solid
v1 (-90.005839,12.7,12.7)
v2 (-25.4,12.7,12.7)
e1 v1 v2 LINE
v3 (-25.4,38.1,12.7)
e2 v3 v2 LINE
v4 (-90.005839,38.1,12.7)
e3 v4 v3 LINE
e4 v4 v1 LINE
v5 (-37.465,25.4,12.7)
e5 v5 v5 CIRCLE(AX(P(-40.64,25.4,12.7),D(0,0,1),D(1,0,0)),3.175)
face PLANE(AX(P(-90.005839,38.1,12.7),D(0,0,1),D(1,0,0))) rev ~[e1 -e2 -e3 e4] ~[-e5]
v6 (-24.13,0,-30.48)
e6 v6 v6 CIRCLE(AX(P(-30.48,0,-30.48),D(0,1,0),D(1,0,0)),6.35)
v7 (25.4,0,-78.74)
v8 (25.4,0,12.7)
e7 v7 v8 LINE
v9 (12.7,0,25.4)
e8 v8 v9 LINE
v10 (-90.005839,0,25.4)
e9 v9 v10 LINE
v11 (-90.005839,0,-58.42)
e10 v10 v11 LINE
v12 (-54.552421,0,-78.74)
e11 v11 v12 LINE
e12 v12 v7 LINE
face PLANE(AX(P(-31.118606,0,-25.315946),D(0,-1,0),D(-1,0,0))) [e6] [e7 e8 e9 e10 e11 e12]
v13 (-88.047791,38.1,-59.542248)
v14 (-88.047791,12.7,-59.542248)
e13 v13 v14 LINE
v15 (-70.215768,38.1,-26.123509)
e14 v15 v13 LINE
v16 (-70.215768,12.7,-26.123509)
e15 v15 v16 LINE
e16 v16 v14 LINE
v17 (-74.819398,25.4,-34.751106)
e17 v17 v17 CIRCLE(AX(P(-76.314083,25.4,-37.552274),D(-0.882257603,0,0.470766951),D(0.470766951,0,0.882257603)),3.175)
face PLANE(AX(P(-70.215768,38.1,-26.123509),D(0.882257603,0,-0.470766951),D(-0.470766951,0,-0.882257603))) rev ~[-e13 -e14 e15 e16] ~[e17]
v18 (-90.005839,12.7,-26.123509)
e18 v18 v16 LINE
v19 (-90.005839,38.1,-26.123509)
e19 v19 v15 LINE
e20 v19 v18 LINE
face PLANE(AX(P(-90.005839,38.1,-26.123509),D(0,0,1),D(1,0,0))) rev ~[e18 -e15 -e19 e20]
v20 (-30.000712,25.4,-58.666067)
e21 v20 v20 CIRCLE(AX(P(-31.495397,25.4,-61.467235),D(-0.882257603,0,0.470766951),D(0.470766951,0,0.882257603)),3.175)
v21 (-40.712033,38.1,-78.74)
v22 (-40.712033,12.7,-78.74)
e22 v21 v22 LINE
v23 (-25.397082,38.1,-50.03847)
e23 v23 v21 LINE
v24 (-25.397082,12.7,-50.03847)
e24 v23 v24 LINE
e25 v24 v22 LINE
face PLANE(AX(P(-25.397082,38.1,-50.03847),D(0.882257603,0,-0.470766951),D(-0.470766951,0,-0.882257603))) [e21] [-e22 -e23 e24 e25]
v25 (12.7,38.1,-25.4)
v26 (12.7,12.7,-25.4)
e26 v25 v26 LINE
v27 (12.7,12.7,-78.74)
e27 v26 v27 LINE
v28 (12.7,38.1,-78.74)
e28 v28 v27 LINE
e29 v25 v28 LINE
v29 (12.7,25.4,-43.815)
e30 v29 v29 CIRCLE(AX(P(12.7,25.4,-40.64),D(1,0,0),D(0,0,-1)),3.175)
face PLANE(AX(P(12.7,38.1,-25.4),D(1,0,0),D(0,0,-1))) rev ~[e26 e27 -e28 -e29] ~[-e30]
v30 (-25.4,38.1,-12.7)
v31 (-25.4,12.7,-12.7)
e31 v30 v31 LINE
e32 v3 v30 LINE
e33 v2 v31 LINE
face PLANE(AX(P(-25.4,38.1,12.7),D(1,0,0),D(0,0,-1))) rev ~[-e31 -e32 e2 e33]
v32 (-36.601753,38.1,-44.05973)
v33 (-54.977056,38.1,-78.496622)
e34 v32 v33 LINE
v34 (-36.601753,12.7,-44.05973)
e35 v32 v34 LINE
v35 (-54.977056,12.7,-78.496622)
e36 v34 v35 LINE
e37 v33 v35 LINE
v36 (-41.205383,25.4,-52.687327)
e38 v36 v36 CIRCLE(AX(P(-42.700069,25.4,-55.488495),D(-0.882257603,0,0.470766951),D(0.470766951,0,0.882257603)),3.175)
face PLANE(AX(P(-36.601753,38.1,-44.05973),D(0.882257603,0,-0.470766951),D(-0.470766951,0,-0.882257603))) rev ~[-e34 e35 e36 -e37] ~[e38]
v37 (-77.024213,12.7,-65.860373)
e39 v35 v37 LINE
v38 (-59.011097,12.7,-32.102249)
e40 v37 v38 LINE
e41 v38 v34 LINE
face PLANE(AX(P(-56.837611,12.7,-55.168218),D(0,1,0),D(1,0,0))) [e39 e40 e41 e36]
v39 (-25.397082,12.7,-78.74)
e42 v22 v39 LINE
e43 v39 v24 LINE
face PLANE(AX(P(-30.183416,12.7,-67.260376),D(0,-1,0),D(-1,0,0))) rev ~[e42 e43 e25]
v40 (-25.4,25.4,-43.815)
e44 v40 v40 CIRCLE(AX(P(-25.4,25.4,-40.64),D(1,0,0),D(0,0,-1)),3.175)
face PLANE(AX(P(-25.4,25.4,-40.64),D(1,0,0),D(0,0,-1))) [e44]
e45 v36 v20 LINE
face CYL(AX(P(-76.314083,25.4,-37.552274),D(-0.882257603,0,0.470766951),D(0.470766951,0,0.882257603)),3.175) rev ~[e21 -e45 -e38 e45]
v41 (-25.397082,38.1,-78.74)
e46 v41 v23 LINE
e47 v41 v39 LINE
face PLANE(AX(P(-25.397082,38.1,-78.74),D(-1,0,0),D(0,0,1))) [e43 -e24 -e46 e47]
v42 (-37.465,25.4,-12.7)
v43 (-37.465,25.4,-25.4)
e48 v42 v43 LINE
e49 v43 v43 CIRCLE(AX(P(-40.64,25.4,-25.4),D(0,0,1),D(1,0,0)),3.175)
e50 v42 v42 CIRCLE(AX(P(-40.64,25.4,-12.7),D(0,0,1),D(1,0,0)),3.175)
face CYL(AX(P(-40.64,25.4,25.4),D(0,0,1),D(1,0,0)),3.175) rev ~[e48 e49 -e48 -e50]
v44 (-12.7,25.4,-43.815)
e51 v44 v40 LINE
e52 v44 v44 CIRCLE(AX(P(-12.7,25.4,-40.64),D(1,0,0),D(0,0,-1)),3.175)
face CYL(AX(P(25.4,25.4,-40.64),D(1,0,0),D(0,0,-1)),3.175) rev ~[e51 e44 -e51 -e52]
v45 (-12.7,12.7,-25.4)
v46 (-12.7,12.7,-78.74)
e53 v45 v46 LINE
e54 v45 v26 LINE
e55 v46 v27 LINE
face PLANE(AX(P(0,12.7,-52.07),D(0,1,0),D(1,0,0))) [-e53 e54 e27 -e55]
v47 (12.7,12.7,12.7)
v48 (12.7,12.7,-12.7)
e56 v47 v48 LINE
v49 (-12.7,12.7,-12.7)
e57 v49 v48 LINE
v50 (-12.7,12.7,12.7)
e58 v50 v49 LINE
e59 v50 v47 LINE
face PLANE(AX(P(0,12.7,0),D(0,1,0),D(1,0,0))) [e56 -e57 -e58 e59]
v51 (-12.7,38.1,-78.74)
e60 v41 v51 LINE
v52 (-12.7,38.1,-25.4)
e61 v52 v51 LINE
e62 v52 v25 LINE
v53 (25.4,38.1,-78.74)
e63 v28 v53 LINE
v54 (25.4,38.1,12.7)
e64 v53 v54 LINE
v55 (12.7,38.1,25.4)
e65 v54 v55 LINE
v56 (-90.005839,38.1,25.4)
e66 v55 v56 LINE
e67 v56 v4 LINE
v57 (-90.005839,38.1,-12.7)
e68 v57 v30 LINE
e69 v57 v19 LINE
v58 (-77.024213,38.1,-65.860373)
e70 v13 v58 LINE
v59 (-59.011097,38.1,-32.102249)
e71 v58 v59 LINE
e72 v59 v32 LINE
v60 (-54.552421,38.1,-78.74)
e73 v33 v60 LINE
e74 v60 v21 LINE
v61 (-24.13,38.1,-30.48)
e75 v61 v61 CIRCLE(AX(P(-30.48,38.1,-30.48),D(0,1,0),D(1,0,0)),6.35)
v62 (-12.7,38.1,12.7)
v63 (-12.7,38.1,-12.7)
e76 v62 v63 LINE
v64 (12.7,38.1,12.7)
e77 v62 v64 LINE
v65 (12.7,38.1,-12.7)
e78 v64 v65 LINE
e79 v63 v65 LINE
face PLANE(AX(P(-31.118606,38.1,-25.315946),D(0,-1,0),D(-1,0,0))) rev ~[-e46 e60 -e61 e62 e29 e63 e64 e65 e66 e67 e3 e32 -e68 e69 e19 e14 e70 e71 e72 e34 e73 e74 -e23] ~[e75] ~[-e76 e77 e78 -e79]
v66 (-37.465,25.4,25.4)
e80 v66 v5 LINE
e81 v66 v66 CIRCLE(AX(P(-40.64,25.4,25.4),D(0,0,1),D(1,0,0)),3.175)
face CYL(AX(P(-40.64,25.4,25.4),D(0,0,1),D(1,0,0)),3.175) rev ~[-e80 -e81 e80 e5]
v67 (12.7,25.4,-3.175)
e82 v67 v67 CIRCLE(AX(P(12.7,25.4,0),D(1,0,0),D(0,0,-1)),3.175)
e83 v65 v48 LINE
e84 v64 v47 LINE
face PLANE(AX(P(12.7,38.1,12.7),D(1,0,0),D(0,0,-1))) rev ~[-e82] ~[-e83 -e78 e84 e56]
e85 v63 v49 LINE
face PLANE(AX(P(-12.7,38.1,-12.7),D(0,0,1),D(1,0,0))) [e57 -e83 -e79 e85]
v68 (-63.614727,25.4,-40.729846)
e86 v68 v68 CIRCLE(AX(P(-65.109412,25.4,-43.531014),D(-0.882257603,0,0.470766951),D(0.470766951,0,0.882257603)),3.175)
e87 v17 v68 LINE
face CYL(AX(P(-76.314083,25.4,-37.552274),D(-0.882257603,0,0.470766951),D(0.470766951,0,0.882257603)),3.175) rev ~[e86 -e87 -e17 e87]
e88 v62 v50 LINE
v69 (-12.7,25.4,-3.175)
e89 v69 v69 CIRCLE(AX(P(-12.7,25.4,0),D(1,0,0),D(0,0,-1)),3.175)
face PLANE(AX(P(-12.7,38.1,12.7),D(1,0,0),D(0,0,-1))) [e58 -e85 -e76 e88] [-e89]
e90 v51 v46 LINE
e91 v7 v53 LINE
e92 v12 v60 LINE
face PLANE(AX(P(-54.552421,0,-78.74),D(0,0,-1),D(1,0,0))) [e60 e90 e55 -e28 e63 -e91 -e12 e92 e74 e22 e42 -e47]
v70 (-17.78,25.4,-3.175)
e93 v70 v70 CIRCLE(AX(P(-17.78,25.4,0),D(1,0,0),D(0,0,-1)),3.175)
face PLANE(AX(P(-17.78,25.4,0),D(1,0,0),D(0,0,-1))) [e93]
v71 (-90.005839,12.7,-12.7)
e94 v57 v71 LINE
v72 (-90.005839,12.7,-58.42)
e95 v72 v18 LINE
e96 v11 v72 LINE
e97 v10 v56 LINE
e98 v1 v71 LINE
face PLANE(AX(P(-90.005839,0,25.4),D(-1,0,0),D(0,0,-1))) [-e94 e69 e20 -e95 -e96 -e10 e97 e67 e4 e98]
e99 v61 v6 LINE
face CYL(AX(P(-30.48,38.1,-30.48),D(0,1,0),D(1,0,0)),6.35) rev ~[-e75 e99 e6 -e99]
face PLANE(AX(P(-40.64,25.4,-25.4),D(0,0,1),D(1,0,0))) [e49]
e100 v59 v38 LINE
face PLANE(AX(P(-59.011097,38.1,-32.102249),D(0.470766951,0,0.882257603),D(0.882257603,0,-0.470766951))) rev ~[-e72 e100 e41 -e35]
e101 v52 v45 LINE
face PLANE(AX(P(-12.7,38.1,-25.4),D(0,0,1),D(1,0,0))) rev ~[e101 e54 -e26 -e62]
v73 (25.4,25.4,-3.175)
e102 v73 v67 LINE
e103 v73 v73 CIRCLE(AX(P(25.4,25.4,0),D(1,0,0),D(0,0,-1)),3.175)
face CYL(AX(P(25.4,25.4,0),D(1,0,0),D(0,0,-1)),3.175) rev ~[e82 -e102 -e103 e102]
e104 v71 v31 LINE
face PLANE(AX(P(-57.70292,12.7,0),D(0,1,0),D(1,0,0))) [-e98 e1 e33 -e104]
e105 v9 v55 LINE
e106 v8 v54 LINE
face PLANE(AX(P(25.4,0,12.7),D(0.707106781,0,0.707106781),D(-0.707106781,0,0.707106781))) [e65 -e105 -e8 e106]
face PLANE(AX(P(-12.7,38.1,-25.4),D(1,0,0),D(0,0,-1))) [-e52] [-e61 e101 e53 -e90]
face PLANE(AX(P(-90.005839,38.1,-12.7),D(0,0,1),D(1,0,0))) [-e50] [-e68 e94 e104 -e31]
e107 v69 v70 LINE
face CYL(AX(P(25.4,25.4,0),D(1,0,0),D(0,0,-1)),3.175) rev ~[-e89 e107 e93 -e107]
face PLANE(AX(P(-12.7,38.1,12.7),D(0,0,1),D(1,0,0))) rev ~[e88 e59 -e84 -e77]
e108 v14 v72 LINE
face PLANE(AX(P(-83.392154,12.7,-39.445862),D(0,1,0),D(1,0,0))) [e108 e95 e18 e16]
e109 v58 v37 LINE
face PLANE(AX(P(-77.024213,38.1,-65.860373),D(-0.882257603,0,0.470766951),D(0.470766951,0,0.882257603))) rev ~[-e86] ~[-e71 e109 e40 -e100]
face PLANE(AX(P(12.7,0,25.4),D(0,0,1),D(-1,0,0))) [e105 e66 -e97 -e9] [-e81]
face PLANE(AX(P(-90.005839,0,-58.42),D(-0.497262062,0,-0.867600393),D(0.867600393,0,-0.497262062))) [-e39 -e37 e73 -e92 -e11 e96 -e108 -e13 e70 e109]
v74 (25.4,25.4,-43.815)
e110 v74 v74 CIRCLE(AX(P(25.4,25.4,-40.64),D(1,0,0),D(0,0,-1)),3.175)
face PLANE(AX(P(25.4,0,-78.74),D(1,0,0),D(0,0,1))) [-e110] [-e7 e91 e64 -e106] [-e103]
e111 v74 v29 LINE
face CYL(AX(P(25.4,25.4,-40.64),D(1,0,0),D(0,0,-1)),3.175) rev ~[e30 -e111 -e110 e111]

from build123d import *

# Parameters (mm, degrees)
SALIENTE_EXTRUIR1_DEPTH = 38.1
CROQUIS2_W              = 25.4
CROQUIS2_H              = 25.4
CORTAR_EXTRUIR1_DEPTH   = 25.4
CROQUIS3_W              = 64.605839452
CROQUIS3_H              = 25.4
CORTAR_EXTRUIR2_DEPTH   = 25.4
CROQUIS4_W              = 25.4
CROQUIS4_H              = 53.34
CORTAR_EXTRUIR3_DEPTH   = 25.4
CORTAR_EXTRUIR4_DEPTH   = 25.4
CORTAR_EXTRUIR5_DEPTH   = 25.4
CROQUIS7_R              = 3.175
CORTAR_EXTRUIR6_DEPTH   = 50.8
CROQUIS8_R              = 3.175
CORTAR_EXTRUIR7_DEPTH   = 50.8
CROQUIS10_R             = 3.175
CORTAR_EXTRUIR9_DEPTH   = 43.18
CROQUIS11_R             = 3.175
CORTAR_EXTRUIR10_DEPTH  = 50.8
SKETCH1_R               = 6.35
CUT_EXTRUDE1_DEPTH      = 39.1


with BuildPart() as part:
    # Croquis1 → Saliente-Extruir1 (new body)
    with BuildSketch(Plane(origin=(0, 0, 0), x_dir=(1, 0, 0), z_dir=(0, 1, 0))):
        Polygon((25.4, 78.74), (25.4, -12.7), (12.7, -25.4), (-90.005839452, -25.4), (-90.005839452, 58.42), (-54.552420926, 78.74), align=None)
    extrude(amount=SALIENTE_EXTRUIR1_DEPTH)

    # Croquis2 → Cortar-Extruir1 (cut)
    with BuildSketch(Plane(origin=(0, 38.1, 0), x_dir=(1, 0, 0), z_dir=(0, 1, 0))):
        Rectangle(CROQUIS2_W, CROQUIS2_H)
    extrude(amount=-CORTAR_EXTRUIR1_DEPTH, mode=Mode.SUBTRACT)

    # Croquis3 → Cortar-Extruir2 (cut)
    with BuildSketch(Plane(origin=(0, 38.1, 0), x_dir=(1, 0, 0), z_dir=(0, 1, 0))):
        with Locations((-57.702919726, 0)):
            Rectangle(CROQUIS3_W, CROQUIS3_H)
    extrude(amount=-CORTAR_EXTRUIR2_DEPTH, mode=Mode.SUBTRACT)

    # Croquis4 → Cortar-Extruir3 (cut)
    with BuildSketch(Plane(origin=(0, 38.1, 0), x_dir=(1, 0, 0), z_dir=(0, 1, 0))):
        with Locations((0, 52.07)):
            Rectangle(CROQUIS4_W, CROQUIS4_H)
    extrude(amount=-CORTAR_EXTRUIR3_DEPTH, mode=Mode.SUBTRACT)

    # Croquis5 → Cortar-Extruir4 (cut)
    with BuildSketch(Plane(origin=(0, 38.1, 0), x_dir=(1, 0, 0), z_dir=(0, 1, 0))):
        Polygon((-59.011096598, 32.102249098), (-36.601753481, 44.059729647), (-54.977056362, 78.496621719), (-77.024213035, 65.860372741), align=None)
    extrude(amount=-CORTAR_EXTRUIR4_DEPTH, mode=Mode.SUBTRACT)

    # Croquis6 → Cortar-Extruir5 (cut)
    with BuildSketch(Plane(origin=(0, 38.1, 0), x_dir=(1, 0, 0), z_dir=(0, 1, 0))):
        Polygon((-25.397081923, 50.038469922), (-40.712032739, 78.74), (-25.397081923, 78.74), align=None)
        Polygon((-70.215768156, 26.123508824), (-88.047791372, 59.542248253), (-90.005839452, 58.42), (-90.005839452, 26.123508824), align=None)
    extrude(amount=-CORTAR_EXTRUIR5_DEPTH, mode=Mode.SUBTRACT)

    # Croquis7 → Cortar-Extruir6 (cut)
    with BuildSketch(Plane.XY.offset(25.4)):
        with Locations((-40.64, 25.4)):
            Circle(CROQUIS7_R)
    extrude(amount=-CORTAR_EXTRUIR6_DEPTH, mode=Mode.SUBTRACT)

    # Croquis8 → Cortar-Extruir7 (cut)
    with BuildSketch(Plane(origin=(25.4, 0, 0), x_dir=(0, 0, -1), z_dir=(1, 0, 0))):
        with Locations((40.64, 25.4)):
            Circle(CROQUIS8_R)
    extrude(amount=-CORTAR_EXTRUIR7_DEPTH, mode=Mode.SUBTRACT)

    # Croquis10 → Cortar-Extruir9 (cut)
    with BuildSketch(Plane(origin=(25.4, 0, 0), x_dir=(0, 0, -1), z_dir=(1, 0, 0))):
        with Locations((0, 25.4)):
            Circle(CROQUIS10_R)
    extrude(amount=-CORTAR_EXTRUIR9_DEPTH, mode=Mode.SUBTRACT)

    # Croquis11 → Cortar-Extruir10 (cut)
    with BuildSketch(Plane(origin=(-43.804364121, 0, 23.373725379), x_dir=(0.470766951, 0, 0.882257603), z_dir=(-0.882257603, 0, 0.470766951))):
        with Locations((-69.056927347, 25.4)):
            Circle(CROQUIS11_R)
    extrude(amount=-CORTAR_EXTRUIR10_DEPTH, mode=Mode.SUBTRACT)

    # Sketch1 → Cut-Extrude1 (cut, through all)
    with BuildSketch(Plane(origin=(0, 38.1, 0), x_dir=(1, 0, 0), z_dir=(0, 1, 0))):
        with Locations((-30.48, 30.48)):
            Circle(SKETCH1_R)
    extrude(amount=-CUT_EXTRUDE1_DEPTH, mode=Mode.SUBTRACT)


solid = part.part
